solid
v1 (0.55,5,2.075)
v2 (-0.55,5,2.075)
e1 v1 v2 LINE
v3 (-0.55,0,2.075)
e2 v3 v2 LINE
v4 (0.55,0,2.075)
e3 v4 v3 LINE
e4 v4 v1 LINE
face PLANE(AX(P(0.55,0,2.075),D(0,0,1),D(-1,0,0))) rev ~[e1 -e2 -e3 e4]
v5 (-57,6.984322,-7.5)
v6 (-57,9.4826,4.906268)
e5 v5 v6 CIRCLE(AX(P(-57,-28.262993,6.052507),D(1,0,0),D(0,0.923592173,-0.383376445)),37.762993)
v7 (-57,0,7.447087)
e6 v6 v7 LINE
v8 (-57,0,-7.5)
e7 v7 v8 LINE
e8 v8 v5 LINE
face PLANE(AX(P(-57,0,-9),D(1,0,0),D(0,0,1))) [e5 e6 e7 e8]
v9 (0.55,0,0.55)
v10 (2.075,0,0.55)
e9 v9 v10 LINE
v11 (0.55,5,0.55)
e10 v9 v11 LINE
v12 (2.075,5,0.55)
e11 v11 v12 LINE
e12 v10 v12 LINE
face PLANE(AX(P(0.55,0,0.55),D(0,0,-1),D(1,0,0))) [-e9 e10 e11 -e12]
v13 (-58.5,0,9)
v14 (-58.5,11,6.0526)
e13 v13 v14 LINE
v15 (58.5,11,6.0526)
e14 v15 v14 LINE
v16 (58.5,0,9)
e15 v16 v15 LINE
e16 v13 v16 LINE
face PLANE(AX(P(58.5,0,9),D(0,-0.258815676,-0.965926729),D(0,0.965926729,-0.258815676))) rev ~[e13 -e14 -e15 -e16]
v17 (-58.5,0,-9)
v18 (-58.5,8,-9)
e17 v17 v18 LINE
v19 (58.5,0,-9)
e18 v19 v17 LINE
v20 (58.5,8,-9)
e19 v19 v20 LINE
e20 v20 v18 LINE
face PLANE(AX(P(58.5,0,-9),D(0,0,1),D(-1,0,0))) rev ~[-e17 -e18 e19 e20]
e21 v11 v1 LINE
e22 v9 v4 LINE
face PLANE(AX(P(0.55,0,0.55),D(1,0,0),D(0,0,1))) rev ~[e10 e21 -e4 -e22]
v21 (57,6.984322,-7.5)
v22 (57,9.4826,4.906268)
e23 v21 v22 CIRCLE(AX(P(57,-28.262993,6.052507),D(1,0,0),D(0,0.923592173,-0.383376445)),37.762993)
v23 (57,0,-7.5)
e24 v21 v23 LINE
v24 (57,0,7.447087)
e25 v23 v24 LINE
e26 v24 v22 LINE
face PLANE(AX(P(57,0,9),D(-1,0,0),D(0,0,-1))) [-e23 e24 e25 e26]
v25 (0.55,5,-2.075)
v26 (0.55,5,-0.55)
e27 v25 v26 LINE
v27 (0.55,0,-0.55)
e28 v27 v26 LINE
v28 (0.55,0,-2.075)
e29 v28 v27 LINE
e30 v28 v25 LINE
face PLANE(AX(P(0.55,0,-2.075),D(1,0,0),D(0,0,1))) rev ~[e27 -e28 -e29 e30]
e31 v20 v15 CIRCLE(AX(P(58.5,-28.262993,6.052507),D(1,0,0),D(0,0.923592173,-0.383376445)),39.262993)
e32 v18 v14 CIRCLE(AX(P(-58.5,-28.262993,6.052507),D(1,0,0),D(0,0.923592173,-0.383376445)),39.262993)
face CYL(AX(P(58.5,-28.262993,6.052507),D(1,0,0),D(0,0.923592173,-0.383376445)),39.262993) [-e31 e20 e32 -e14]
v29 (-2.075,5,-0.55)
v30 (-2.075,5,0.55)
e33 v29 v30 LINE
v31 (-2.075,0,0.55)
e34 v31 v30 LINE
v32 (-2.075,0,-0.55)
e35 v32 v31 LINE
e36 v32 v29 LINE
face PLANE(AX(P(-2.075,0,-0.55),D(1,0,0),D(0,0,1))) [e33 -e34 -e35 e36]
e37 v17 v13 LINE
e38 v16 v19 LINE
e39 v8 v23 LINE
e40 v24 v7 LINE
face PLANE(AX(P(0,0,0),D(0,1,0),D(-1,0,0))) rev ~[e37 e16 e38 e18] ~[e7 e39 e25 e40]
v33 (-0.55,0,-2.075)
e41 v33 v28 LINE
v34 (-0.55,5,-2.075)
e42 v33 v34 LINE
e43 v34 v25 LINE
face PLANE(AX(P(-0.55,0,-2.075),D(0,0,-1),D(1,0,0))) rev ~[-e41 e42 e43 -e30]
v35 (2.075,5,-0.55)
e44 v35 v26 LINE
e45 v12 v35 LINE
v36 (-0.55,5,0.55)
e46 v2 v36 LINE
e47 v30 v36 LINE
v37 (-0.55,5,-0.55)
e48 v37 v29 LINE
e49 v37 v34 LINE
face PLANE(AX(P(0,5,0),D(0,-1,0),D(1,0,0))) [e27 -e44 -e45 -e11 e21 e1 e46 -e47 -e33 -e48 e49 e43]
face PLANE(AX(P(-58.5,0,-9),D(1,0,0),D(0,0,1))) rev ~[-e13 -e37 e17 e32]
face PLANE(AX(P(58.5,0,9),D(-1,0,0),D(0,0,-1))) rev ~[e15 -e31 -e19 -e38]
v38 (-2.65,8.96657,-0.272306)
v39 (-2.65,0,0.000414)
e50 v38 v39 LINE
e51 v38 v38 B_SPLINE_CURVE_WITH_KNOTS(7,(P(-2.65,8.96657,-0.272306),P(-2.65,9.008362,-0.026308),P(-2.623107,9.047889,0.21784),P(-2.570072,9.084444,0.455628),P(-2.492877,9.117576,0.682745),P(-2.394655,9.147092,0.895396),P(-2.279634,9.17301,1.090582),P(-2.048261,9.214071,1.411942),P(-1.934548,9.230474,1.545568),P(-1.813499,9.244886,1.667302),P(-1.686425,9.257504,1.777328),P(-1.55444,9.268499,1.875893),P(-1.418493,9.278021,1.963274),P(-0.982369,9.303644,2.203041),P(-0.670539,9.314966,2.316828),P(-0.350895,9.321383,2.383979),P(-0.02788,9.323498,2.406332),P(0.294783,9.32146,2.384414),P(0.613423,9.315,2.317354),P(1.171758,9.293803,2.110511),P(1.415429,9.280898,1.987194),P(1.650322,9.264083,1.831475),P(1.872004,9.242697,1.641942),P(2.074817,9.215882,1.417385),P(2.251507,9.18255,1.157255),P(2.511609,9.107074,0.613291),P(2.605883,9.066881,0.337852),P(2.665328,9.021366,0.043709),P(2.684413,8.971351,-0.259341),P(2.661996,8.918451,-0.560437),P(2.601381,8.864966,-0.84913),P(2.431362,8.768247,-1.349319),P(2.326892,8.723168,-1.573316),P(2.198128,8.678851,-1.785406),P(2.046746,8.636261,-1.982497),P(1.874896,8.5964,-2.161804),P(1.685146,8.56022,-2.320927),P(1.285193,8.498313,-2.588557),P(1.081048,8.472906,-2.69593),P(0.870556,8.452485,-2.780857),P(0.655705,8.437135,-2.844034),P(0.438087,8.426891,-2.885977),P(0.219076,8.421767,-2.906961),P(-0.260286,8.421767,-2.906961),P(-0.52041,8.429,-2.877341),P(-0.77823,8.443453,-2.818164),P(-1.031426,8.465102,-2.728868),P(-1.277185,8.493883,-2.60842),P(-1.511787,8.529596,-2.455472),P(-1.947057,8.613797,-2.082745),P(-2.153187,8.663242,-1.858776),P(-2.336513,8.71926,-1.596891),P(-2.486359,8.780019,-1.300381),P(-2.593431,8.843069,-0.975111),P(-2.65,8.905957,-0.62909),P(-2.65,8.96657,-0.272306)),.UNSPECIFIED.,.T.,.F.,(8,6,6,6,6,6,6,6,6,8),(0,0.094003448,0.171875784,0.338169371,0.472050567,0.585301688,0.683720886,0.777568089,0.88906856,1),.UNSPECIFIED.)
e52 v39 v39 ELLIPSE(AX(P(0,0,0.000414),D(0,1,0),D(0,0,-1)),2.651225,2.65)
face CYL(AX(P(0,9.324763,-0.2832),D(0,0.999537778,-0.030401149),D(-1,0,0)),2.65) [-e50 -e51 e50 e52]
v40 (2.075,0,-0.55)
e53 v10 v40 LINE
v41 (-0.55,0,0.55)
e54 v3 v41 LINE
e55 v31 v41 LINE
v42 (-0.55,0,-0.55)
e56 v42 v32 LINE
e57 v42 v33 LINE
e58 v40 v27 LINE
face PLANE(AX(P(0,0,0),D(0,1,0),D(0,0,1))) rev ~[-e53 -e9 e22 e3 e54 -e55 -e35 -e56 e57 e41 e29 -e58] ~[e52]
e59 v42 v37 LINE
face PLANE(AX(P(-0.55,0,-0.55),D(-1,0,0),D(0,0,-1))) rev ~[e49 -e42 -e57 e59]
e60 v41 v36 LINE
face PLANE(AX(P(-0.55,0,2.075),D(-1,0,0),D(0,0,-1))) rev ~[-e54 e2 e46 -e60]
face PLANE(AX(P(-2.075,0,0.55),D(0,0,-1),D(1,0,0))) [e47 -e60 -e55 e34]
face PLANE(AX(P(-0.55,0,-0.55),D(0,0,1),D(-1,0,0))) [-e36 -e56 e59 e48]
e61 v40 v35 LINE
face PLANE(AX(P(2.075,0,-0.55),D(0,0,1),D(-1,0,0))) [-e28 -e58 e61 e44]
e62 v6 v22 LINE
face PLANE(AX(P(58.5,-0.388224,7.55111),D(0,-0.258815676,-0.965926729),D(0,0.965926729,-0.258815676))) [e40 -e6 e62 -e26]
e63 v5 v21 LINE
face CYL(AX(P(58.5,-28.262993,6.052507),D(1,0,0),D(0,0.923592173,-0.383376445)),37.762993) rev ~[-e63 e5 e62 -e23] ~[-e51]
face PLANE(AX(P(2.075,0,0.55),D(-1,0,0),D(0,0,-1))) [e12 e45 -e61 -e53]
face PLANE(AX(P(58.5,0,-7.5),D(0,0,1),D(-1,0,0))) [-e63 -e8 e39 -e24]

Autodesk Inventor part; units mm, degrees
ref_plane "YZ Plane" through (0, 0, 0) normal (1, 0, 0) x (0, 1, 0)
ref_plane "XZ Plane" through (0, 0, 0) normal (0, 1, 0) x (-1, 0, 0)
sketch "Spacebar base" plane through (0, 0, 0) normal (0, 1, 0) x (-1, 0, 0)
  line L0 (58.5, 9) -> (-58.5, 9)
  line L1 (-58.5, 9) -> (-58.5, -9)
  line L2 (-58.5, -9) -> (58.5, -9)
  line L3 (58.5, -9) -> (58.5, 9)
  line L4 (58.5, 9) -> (-58.5, -9) construction
  line L5 (-58.5, 9) -> (58.5, -9) construction
  point P0 (0, 0)
  dimension "d0" = 117
  dimension "d1" = 18
extrude "Spacebar Bulk" add sketch "Spacebar base" along normal blind 11
sketch "Curve Profile" plane through (58.5, 0, 9) normal (1, 0, 0) x (0, 0, -1)
  line L0 (0, 0) -> (18, 0) projected
  line L1 (0, 0) -> (2.9474, 11)
  line L2 (0, 11) -> (18, 11) projected
  line L3 (18, 0) -> (18, 11) projected
  arc A0 (18, 8) -> (2.9474, 11) centre (2.9474, -28.2633) ccw
  line L4 (0, 0) -> (0, 11) projected
  line L5 (18, 8) -> (18, 0)
  line L6 (18, 0) -> (0, 0)
  point P0 (9, 0)
  dimension "d4" = 15
  dimension "d9" = 8
extrude "Curve Cutaway" cut sketch "Curve Profile" against normal up to surface (117 mm away) contours L1 A0 L3 L0 keep common part
shell "Inner Shell" thickness 1.5 removed faces 1 at (19.5, 0, 3)
ref_plane "PoleBase Plane" through (57, 9.4826, 4.9062) normal (0, 0.9995, -0.0304) x (-1, 0, 0)
sketch "Center Circle" plane through (57, 9.4826, 4.9062) normal (0, 0.9995, -0.0304) x (-1, 0, 0)
  circle A0 centre (57, -5.1918) radius 2.65
  dimension "d11" = 5.3
extrude "Pole Extrusion" add sketch "Center Circle" against normal up to surface surface through (0, 0, 0) normal (0, 1, 0)
sketch "Sketch4" plane through (0, 0, 0) normal (0, -1, 0) x (1, 0, 0)
  line L0 (-2.075, 0.55) -> (2.075, 0.55)
  line L1 (2.075, 0.55) -> (2.075, -0.55)
  line L2 (2.075, -0.55) -> (-2.075, -0.55)
  line L3 (-2.075, -0.55) -> (-2.075, 0.55)
  line L4 (-2.075, 0.55) -> (2.075, -0.55) construction
  line L5 (2.075, 0.55) -> (-2.075, -0.55) construction
  line L6 (0.55, 2.075) -> (-0.55, 2.075)
  line L7 (-0.55, 2.075) -> (-0.55, -2.075)
  line L8 (-0.55, -2.075) -> (0.55, -2.075)
  line L9 (0.55, -2.075) -> (0.55, 2.075)
  line L10 (0.55, 2.075) -> (-0.55, -2.075) construction
  line L11 (-0.55, 2.075) -> (0.55, -2.075) construction
  point P0 (0, 0)
  dimension "d14" = 4.15
  dimension "d15" = 1.1
  dimension "d16" = 1.1
  dimension "d17" = 4.15
extrude "Extrusion4" cut sketch "Sketch4" against normal blind 5
equation "\"d0\" = b_space"
equation "\"d1\" = k_width"
equation "\"d10\" = k_wthick"
equation "\"d11\" = k_poledia"
equation "\"d14\" = k_cmxl"
equation "\"d15\" = k_cmxw"
equation "\"d16\" = k_cmxw"
equation "\"d17\" = k_cmxl"
equation "\"k_width\" = 18"
equation "\"k_height\" = 16.5"
equation "\"k_height_t\" = 16"
equation "\"k_taper1\" = 1.5"
equation "\"k_taper2\" = 0.5"
equation "\"k_staper\" = 1"
equation "\"k_sradius\" = 4"
equation "\"k_ltaper\" = 1.5"
equation "\"k_lradius\" = 6"
equation "\"k_radius\" = 6"
equation "\"k_wthick\" = 1.5"
equation "\"k_ribthick\" = 1.5"
equation "\"k_ribheight\" = 5"
equation "\"k_poleoff\" = 2.25"
equation "\"k_poledia\" = 5.3"
equation "\"k_cmxw\" = 1.1"
equation "\"k_cmxl\" = 4.15"
equation "\"s_bwidth\" = 14.4"
equation "\"s_poleh\" = 3.6"
equation "\"s_polebw\" = 5.4"
equation "\"s_polebl\" = 7.45"
equation "\"b_pad\" = 1"
equation "\"b_tab\" = 27"
equation "\"b_caps\" = 31.5"
equation "\"b_lshift\" = 40.5"
equation "\"b_rshift\" = 49.5"
equation "\"b_ctrl\" = 22.5"
equation "\"b_space\" = 117"
equation "\"b_width\" = 285"
equation "\"b_height\" = 77"
equation "\"k_taper_wide\" = 1.5"
equation "\"k_height_low\" = 15"
equation "\"k_taper_thin\" = 0.0001"
equation "\"k_shortening\" = 4.5"
equation "\"k_cmxd\" = 4"
equation "\"k_taper_side\" = 0.5"
properties part number "spacebar-keycap_mockup_cherrymx"
